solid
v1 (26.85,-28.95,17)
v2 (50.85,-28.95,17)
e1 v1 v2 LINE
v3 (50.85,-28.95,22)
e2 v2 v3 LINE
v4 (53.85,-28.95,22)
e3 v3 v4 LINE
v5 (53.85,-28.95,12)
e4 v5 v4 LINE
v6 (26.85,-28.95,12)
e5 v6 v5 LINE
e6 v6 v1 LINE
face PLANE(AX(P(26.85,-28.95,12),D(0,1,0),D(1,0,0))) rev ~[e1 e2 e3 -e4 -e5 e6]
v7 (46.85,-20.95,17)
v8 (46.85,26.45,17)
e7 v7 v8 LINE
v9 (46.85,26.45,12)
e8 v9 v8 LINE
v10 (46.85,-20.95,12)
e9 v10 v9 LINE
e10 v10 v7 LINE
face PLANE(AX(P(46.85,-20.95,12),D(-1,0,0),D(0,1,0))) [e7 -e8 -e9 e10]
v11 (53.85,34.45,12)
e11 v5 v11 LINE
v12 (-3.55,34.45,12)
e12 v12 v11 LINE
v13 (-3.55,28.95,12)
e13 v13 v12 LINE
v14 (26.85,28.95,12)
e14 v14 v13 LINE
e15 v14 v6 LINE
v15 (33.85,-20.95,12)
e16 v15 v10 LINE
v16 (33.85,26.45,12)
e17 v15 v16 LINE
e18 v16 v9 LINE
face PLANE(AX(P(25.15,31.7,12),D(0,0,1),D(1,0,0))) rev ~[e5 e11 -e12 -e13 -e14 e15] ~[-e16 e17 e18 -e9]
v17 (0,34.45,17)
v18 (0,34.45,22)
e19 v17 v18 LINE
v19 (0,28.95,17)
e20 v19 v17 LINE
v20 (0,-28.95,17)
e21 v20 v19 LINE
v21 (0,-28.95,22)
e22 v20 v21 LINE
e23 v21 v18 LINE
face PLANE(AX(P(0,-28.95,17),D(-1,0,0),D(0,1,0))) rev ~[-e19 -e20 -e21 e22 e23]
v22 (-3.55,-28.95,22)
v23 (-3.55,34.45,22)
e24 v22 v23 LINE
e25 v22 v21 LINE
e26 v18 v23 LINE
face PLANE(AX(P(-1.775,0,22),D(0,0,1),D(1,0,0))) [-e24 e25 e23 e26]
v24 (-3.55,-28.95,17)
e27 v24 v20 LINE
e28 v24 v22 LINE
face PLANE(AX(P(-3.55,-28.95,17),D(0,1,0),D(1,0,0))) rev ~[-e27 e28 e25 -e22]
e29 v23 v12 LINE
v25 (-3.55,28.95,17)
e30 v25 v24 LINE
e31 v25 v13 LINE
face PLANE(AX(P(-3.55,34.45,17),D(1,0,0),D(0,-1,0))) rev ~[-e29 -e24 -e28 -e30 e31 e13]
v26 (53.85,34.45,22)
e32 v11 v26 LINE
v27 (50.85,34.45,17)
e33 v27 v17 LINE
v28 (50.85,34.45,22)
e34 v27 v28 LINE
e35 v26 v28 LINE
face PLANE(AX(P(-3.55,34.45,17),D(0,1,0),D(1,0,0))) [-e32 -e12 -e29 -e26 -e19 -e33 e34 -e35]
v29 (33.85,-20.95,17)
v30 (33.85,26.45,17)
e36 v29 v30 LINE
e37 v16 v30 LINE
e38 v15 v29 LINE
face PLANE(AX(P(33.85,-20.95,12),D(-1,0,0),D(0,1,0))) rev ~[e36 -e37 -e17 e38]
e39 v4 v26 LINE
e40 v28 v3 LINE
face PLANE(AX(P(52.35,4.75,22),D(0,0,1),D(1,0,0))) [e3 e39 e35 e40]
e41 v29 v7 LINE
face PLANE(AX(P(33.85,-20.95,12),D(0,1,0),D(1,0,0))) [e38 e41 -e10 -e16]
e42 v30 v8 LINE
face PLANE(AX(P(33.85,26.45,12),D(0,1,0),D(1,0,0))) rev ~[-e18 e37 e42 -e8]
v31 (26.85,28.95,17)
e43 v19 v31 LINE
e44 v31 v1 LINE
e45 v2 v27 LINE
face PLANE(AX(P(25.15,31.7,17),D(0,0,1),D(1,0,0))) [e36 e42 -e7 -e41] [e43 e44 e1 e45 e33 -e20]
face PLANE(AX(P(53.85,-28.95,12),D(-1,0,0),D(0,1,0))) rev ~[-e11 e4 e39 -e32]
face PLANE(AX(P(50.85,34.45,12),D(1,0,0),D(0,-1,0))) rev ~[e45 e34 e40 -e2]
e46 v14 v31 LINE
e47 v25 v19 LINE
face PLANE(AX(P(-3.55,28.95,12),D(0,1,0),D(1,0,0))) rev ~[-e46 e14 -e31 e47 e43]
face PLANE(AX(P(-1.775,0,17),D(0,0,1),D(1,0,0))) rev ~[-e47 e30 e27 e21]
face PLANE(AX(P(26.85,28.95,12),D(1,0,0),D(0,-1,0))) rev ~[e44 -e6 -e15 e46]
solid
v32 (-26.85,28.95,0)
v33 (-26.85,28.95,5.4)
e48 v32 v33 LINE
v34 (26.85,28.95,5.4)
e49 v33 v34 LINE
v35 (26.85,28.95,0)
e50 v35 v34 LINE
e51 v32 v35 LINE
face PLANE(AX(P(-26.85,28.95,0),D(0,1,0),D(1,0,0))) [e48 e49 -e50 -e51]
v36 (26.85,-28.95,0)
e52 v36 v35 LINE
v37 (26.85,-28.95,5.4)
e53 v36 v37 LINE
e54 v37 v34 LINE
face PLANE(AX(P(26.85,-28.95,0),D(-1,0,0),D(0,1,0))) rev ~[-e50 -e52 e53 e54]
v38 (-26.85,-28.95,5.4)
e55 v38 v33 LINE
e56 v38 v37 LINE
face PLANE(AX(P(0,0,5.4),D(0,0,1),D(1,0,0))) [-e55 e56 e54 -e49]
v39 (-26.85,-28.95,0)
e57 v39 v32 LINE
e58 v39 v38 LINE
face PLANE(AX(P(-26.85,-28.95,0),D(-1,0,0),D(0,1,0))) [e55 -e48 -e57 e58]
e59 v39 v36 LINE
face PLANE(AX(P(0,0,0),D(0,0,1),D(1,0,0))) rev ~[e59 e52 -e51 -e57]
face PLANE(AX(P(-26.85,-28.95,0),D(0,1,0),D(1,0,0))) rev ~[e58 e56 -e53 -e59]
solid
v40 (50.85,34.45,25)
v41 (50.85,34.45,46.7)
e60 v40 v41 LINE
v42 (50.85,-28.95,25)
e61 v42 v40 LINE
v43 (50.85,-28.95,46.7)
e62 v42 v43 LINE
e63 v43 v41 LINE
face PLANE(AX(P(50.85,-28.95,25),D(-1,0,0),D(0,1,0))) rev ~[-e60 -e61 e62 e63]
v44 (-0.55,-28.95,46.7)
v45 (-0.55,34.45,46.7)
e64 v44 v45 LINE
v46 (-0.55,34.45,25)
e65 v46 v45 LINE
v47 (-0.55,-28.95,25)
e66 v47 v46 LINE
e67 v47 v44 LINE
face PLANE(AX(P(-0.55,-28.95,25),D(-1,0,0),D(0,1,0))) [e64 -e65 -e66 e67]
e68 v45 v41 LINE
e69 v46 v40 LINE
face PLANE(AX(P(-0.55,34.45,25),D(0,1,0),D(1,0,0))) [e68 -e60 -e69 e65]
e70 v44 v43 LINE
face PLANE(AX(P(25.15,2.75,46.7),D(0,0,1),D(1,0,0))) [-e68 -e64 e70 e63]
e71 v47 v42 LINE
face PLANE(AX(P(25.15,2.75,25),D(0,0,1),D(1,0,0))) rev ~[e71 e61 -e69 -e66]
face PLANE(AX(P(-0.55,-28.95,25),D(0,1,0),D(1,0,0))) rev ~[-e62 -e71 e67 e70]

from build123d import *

# Parameters (mm, degrees)
F0_W      = 53.7
F0_H      = 57.9
F1_DEPTH  = 5.4
F3_W      = 51.4
F3_H      = 63.4
F4_DEPTH  = 21.7
F6_W      = 24
F6_H      = 4
F6_W_2    = 3
F6_H_2    = 53.9
F6_W_3    = 13
F6_H_3    = 47.4
F6_H_4    = 5.5
F7_DEPTH  = 5
F8_DEPTH  = 10
F10_W     = 3.55
F10_H     = 57.9
F10_H_2   = 5.5
F11_DEPTH = 5


with BuildPart() as f1:
    # F0 (on Top) → F1 (new body)
    with BuildSketch(Plane.XY):
        Rectangle(F0_W, F0_H)
    extrude(amount=F1_DEPTH)


with BuildPart() as f4:
    # F3 (on offset) → F4 (new body)
    with BuildSketch(Plane.XY.offset(25)):
        with Locations((25.15, 2.75)):
            Rectangle(F3_W, F3_H)
    extrude(amount=F4_DEPTH)


with BuildPart() as f7:
    # F6 (on offset) → F7 (new body)
    with BuildSketch(Plane.XY.offset(12)):
        Polygon((-0.55, 28.95), (26.85, 28.95), (50.85, 28.95), (50.85, 34.45), (-0.55, 34.45), align=None)
        with Locations((38.85, -26.95)):
            Rectangle(F6_W, F6_H)
        with Locations((52.35, -26.95)):
            Rectangle(F6_W_2, F6_H)
        with Locations((38.85, 2)):
            Rectangle(F6_W, F6_H_2)
        with Locations((40.35, 2.75)):
            Rectangle(F6_W_3, F6_H_3, mode=Mode.SUBTRACT)
        with Locations((-2.05, 31.7)):
            Rectangle(F6_W_2, F6_H_4)
        Polygon((50.85, 34.45), (50.85, 28.95), (50.85, -24.95), (53.85, -24.95), (53.85, 34.45), align=None)
    extrude(amount=F7_DEPTH)

    # F6 (on offset) → F8 (join)
    with BuildSketch(Plane.XY.offset(12)):
        Polygon((50.85, 34.45), (50.85, 28.95), (50.85, -24.95), (53.85, -24.95), (53.85, 34.45), align=None)
        with Locations((52.35, -26.95)):
            Rectangle(F6_W_2, F6_H)
        with Locations((-2.05, 31.7)):
            Rectangle(F6_W_2, F6_H_4)
    extrude(amount=F8_DEPTH)

    # F10 (on offset) → F11 (join)
    with BuildSketch(Plane.XY.offset(17)):
        with Locations((-1.775, 0)):
            Rectangle(F10_W, F10_H)
        with Locations((-1.775, 31.7)):
            Rectangle(F10_W, F10_H_2)
    extrude(amount=F11_DEPTH)


solid = Compound([f1.part, f4.part, f7.part])
